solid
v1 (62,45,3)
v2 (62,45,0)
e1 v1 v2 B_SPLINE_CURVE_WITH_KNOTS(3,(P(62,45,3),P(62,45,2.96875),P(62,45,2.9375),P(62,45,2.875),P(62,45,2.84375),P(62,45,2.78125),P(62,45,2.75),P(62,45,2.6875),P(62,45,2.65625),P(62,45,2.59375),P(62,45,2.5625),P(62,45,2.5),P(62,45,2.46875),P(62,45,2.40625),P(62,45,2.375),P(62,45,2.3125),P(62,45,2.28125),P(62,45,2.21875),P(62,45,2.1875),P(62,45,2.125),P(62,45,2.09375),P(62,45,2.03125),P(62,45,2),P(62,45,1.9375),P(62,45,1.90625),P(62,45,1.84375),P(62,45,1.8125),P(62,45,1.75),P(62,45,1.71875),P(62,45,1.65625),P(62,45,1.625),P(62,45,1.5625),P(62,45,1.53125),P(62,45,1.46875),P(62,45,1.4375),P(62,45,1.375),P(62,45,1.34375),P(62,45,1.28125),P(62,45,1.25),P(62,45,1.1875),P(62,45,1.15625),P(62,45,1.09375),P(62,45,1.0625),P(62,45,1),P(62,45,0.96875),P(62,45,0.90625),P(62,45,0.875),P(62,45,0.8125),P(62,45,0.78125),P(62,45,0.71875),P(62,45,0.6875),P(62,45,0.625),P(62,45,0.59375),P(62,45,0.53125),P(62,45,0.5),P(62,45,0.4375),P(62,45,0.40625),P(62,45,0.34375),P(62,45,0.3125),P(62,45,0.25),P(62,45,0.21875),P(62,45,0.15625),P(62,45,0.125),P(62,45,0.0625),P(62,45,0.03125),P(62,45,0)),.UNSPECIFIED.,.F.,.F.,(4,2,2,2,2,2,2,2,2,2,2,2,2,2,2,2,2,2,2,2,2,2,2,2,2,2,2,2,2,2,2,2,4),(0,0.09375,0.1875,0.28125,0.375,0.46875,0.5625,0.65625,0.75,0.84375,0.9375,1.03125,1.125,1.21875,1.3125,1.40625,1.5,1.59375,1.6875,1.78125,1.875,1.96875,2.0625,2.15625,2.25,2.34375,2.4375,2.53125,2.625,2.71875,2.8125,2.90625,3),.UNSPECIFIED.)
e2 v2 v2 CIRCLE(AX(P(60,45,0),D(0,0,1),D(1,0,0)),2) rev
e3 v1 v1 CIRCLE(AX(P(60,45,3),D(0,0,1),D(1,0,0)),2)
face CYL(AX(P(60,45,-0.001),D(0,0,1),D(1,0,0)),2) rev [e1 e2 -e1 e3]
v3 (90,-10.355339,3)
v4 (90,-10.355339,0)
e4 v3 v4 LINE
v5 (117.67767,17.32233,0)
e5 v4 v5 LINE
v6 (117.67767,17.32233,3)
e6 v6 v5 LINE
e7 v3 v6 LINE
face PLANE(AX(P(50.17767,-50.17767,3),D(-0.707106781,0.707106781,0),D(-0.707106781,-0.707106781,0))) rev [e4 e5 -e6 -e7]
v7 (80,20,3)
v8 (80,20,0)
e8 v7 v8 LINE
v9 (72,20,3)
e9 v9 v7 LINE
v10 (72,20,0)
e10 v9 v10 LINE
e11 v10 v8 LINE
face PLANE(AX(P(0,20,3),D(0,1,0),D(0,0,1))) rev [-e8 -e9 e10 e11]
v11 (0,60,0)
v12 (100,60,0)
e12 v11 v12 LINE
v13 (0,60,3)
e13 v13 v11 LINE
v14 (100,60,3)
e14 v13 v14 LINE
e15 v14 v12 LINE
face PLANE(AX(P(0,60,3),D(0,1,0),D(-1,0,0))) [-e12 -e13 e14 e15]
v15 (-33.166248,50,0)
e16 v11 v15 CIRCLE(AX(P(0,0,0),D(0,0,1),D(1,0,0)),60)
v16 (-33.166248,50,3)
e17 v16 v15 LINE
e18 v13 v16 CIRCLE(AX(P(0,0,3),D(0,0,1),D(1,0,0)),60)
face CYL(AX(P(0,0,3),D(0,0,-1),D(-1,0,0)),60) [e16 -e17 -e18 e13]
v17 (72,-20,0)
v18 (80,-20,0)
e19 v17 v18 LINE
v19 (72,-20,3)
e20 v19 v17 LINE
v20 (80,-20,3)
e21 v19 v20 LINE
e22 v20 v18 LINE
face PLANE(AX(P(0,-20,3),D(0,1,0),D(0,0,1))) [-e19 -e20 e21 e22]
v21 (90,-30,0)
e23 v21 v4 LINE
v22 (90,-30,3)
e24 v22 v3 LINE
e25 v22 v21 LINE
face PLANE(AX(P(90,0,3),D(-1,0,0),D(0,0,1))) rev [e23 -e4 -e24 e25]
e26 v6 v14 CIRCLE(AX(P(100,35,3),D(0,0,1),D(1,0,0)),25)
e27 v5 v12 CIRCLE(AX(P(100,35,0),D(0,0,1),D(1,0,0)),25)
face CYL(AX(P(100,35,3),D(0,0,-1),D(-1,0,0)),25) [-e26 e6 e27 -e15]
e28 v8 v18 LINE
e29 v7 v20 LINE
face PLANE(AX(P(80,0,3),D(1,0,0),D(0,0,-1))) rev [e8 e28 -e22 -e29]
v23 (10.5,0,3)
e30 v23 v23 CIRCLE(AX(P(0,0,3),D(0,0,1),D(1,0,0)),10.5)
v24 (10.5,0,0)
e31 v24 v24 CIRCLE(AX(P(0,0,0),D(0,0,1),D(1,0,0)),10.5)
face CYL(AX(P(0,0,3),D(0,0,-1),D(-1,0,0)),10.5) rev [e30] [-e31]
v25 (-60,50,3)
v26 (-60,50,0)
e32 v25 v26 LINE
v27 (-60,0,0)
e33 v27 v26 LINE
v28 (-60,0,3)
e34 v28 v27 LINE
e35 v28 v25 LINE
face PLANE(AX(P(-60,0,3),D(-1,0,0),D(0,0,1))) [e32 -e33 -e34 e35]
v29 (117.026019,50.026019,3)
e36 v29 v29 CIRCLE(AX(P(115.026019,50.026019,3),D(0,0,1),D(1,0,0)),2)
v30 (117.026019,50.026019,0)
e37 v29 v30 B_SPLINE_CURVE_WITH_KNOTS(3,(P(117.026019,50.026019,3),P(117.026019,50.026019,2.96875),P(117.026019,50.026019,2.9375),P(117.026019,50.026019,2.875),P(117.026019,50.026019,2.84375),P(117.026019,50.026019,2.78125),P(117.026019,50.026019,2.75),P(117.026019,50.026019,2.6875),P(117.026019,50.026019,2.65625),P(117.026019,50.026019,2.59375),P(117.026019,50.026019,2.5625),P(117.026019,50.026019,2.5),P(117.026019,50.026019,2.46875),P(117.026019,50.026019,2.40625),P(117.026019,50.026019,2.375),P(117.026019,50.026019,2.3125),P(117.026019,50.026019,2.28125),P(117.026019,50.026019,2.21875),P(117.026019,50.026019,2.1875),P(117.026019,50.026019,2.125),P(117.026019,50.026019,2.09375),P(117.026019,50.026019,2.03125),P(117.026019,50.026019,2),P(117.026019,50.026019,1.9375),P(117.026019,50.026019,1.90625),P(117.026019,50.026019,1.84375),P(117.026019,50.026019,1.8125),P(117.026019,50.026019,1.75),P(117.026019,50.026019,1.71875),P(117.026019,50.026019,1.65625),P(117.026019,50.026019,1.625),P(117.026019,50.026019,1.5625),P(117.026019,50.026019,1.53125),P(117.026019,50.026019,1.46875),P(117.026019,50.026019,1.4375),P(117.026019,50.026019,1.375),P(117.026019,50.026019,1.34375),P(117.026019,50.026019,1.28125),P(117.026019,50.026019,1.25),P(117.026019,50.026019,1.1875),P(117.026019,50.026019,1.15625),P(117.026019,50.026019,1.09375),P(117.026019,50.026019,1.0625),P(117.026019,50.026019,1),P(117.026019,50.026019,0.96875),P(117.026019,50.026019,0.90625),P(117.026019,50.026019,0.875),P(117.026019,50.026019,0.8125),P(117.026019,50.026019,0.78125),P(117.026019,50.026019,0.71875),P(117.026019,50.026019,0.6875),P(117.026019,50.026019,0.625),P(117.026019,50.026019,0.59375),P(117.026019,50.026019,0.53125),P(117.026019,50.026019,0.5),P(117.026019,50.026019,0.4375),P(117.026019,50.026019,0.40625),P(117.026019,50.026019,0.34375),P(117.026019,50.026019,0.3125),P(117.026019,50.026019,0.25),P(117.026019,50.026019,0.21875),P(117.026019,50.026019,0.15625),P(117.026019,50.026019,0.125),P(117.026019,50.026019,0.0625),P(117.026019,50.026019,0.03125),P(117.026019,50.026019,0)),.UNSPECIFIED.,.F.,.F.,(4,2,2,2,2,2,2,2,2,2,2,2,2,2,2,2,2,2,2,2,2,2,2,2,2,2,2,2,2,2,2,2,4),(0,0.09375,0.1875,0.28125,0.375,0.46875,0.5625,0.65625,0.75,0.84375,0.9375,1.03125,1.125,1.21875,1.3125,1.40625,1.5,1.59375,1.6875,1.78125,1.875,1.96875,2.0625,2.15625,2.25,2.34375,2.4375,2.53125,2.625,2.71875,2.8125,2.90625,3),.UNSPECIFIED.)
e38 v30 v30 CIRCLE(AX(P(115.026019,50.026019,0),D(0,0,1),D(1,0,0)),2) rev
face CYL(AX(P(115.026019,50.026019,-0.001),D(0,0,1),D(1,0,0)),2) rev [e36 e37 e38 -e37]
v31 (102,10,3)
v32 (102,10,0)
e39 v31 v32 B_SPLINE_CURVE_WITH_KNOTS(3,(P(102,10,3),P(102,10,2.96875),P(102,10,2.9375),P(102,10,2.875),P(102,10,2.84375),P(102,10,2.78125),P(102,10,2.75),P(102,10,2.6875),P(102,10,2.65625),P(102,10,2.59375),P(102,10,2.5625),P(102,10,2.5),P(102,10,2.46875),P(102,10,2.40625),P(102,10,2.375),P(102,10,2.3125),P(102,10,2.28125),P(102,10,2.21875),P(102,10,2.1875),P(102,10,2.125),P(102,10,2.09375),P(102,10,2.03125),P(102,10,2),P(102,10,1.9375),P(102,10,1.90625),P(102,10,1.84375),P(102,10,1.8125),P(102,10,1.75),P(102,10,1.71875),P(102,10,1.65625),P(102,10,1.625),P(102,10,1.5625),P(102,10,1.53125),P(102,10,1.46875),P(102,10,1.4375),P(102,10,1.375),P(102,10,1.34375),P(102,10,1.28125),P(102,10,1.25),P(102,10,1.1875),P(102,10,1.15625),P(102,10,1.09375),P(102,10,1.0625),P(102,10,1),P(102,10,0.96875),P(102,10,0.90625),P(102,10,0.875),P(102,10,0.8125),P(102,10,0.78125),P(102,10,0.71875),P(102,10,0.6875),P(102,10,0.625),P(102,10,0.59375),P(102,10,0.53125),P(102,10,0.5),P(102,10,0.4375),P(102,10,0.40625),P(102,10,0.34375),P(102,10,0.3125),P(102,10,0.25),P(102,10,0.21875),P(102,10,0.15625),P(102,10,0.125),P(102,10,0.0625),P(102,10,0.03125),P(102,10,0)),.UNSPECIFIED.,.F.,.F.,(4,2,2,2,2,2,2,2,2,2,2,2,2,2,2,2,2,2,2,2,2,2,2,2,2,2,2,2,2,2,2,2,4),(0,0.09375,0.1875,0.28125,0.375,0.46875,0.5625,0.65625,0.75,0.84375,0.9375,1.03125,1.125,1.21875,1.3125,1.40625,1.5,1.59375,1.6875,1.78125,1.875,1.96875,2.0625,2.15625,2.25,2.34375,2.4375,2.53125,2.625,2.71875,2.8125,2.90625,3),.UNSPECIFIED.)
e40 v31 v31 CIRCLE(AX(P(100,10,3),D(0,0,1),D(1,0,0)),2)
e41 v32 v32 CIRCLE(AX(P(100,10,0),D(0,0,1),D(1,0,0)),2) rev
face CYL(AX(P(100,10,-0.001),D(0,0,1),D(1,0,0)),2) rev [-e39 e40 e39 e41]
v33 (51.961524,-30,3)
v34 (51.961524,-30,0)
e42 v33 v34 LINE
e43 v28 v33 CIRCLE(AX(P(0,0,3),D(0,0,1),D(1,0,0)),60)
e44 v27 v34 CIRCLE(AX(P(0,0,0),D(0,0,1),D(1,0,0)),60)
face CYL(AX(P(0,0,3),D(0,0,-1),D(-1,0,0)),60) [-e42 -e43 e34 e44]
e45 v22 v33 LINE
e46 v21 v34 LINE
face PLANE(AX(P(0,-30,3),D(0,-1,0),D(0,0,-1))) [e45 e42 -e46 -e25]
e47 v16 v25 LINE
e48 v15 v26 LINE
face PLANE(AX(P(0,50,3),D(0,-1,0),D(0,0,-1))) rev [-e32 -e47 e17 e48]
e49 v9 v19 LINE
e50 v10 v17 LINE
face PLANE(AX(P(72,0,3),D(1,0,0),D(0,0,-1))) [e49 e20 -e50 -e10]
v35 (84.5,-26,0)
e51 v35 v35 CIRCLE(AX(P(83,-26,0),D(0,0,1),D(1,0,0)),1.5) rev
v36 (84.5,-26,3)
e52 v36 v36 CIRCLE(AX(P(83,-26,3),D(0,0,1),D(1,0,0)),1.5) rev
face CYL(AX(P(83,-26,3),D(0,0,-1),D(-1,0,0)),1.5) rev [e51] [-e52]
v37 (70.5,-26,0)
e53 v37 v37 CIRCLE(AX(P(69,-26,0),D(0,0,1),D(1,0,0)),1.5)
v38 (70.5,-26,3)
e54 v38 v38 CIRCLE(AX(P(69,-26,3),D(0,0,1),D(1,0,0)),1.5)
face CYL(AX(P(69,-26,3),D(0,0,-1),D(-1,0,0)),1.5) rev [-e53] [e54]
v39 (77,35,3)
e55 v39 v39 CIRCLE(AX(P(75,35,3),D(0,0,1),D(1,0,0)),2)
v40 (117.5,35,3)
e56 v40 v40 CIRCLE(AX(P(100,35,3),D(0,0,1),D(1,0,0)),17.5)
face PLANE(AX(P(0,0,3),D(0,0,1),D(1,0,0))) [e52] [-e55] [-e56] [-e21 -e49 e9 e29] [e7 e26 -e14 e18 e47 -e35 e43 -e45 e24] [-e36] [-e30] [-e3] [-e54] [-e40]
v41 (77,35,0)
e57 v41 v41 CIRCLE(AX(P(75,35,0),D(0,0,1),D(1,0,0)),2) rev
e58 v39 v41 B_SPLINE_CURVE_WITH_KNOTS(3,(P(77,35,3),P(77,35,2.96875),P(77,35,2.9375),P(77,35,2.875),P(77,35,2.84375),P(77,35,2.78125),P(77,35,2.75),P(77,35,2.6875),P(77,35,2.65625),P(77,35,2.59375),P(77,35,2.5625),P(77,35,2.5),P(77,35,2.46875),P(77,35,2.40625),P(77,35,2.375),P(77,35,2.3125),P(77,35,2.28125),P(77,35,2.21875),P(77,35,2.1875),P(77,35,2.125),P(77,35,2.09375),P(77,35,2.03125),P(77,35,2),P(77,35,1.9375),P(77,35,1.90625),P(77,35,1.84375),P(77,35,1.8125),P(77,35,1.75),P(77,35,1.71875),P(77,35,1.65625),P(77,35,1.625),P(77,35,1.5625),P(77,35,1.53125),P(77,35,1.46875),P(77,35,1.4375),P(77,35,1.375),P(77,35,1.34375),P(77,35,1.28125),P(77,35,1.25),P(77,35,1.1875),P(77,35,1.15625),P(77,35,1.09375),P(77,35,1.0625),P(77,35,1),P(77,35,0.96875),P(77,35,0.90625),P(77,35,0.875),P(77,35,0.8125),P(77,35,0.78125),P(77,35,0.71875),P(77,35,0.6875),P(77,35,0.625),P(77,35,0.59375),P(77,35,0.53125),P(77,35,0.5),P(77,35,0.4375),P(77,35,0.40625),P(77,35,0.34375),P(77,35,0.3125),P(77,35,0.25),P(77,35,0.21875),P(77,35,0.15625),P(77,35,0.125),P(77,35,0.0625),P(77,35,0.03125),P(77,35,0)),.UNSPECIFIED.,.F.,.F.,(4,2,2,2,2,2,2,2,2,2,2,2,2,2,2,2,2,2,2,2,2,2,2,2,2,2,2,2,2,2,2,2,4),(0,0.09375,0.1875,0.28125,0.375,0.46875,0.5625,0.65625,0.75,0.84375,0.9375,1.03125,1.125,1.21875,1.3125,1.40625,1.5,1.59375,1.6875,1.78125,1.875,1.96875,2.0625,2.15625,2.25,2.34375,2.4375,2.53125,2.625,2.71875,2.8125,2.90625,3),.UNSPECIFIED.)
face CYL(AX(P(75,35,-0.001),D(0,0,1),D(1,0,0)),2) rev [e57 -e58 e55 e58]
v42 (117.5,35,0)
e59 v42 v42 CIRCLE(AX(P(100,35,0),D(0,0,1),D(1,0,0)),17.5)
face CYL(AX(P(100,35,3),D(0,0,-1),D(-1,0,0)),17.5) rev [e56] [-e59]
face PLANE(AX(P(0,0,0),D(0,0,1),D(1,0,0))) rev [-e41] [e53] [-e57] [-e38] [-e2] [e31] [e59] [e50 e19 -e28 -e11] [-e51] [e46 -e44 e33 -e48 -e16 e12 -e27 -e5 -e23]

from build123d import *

# Parameters (mm, degrees)
SKETCH1_R           = 10.5
SKETCH1_R_2         = 1.5
SKETCH1_W           = 8
SKETCH1_H           = 40
SKETCH1_R_3         = 17.5
BOSS_EXTRUDE1_DEPTH = 3
CUT_EXTRUDE1_REACH  = 140.687
SKETCH2_R           = 2
CUT_EXTRUDE2_REACH  = 140.687
SKETCH3_R           = 2


with BuildPart() as part:
    # Sketch1 → Boss-Extrude1 (new body)
    # profile 1 of 2: a face of its own
    with BuildSketch(Plane.XY):
        with BuildLine():
            ThreePointArc((-60, 0), (-52.867640737, 28.372743309), (-33.166247904, 50))
            Line((-33.166247904, 50), (-60, 50))
            Line((-60, 50), (-60, 0))
        make_face()
    # profile 2 of 2: a face of its own
    with BuildSketch(Plane.XY):
        with BuildLine():
            ThreePointArc((0, 60), (-17.320508076, 57.445626465), (-33.166247904, 50))
            ThreePointArc((-33.166247904, 50), (-52.867640737, 28.372743309), (-60, 0))
            ThreePointArc((-60, 0), (-15.529142706, -57.955549577), (51.961524227, -30))
            Line((51.961524227, -30), (56.568542495, -30))
            Line((56.568542495, -30), (90, -30))
            Line((90, -30), (90, -10.355339059))
            Line((90, -10.355339059), (117.67766953, 17.32233047))
            ThreePointArc((117.67766953, 17.32233047), (123.096988313, 44.567085809), (100, 60))
            Line((100, 60), (0, 60))
        make_face()
        Circle(SKETCH1_R, mode=Mode.SUBTRACT)
        with Locations((69, -26)):
            Circle(SKETCH1_R_2, mode=Mode.SUBTRACT)
        with Locations((76, 0)):
            Rectangle(SKETCH1_W, SKETCH1_H, mode=Mode.SUBTRACT)
        with Locations((83, -26)):
            Circle(SKETCH1_R_2, mode=Mode.SUBTRACT)
        with Locations((100, 35)):
            Circle(SKETCH1_R_3, mode=Mode.SUBTRACT)
    extrude(amount=BOSS_EXTRUDE1_DEPTH)

    # Sketch2 → Cut-Extrude1 (cut, up to next)
    with BuildSketch(Plane.XY.offset(3), mode=Mode.PRIVATE) as cut_extrude1_sk1:
        with Locations((60, 45)):
            Circle(SKETCH2_R)
    cut_extrude1_tool1 = extrude(cut_extrude1_sk1.sketch, amount=-CUT_EXTRUDE1_REACH, mode=Mode.PRIVATE) & part.part
    add(cut_extrude1_tool1.solids().sort_by_distance((60, 45, 3))[0], mode=Mode.SUBTRACT)

    # Sketch3 → Cut-Extrude2 (cut, up to next)
    with BuildSketch(Plane.XY.offset(3), mode=Mode.PRIVATE) as cut_extrude2_sk1:
        with Locations((100, 10)):
            Circle(SKETCH3_R)
    cut_extrude2_tool1 = extrude(cut_extrude2_sk1.sketch, amount=-CUT_EXTRUDE2_REACH, mode=Mode.PRIVATE) & part.part
    # Sketch3 → Cut-Extrude2 (cut, up to next)
    with BuildSketch(Plane.XY.offset(3), mode=Mode.PRIVATE) as cut_extrude2_sk2:
        with Locations((75, 35)):
            Circle(SKETCH3_R)
    cut_extrude2_tool2 = extrude(cut_extrude2_sk2.sketch, amount=-CUT_EXTRUDE2_REACH, mode=Mode.PRIVATE) & part.part
    # Sketch3 → Cut-Extrude2 (cut, up to next)
    with BuildSketch(Plane.XY.offset(3), mode=Mode.PRIVATE) as cut_extrude2_sk3:
        with Locations((115.0260191, 50.0260191)):
            Circle(SKETCH3_R)
    cut_extrude2_tool3 = extrude(cut_extrude2_sk3.sketch, amount=-CUT_EXTRUDE2_REACH, mode=Mode.PRIVATE) & part.part
    add(cut_extrude2_tool1.solids().sort_by_distance((100, 10, 3))[0], mode=Mode.SUBTRACT)
    add(cut_extrude2_tool2.solids().sort_by_distance((75, 35, 3))[0], mode=Mode.SUBTRACT)
    add(cut_extrude2_tool3.solids().sort_by_distance((115.026019, 50.026019, 3))[0], mode=Mode.SUBTRACT)


solid = part.part
